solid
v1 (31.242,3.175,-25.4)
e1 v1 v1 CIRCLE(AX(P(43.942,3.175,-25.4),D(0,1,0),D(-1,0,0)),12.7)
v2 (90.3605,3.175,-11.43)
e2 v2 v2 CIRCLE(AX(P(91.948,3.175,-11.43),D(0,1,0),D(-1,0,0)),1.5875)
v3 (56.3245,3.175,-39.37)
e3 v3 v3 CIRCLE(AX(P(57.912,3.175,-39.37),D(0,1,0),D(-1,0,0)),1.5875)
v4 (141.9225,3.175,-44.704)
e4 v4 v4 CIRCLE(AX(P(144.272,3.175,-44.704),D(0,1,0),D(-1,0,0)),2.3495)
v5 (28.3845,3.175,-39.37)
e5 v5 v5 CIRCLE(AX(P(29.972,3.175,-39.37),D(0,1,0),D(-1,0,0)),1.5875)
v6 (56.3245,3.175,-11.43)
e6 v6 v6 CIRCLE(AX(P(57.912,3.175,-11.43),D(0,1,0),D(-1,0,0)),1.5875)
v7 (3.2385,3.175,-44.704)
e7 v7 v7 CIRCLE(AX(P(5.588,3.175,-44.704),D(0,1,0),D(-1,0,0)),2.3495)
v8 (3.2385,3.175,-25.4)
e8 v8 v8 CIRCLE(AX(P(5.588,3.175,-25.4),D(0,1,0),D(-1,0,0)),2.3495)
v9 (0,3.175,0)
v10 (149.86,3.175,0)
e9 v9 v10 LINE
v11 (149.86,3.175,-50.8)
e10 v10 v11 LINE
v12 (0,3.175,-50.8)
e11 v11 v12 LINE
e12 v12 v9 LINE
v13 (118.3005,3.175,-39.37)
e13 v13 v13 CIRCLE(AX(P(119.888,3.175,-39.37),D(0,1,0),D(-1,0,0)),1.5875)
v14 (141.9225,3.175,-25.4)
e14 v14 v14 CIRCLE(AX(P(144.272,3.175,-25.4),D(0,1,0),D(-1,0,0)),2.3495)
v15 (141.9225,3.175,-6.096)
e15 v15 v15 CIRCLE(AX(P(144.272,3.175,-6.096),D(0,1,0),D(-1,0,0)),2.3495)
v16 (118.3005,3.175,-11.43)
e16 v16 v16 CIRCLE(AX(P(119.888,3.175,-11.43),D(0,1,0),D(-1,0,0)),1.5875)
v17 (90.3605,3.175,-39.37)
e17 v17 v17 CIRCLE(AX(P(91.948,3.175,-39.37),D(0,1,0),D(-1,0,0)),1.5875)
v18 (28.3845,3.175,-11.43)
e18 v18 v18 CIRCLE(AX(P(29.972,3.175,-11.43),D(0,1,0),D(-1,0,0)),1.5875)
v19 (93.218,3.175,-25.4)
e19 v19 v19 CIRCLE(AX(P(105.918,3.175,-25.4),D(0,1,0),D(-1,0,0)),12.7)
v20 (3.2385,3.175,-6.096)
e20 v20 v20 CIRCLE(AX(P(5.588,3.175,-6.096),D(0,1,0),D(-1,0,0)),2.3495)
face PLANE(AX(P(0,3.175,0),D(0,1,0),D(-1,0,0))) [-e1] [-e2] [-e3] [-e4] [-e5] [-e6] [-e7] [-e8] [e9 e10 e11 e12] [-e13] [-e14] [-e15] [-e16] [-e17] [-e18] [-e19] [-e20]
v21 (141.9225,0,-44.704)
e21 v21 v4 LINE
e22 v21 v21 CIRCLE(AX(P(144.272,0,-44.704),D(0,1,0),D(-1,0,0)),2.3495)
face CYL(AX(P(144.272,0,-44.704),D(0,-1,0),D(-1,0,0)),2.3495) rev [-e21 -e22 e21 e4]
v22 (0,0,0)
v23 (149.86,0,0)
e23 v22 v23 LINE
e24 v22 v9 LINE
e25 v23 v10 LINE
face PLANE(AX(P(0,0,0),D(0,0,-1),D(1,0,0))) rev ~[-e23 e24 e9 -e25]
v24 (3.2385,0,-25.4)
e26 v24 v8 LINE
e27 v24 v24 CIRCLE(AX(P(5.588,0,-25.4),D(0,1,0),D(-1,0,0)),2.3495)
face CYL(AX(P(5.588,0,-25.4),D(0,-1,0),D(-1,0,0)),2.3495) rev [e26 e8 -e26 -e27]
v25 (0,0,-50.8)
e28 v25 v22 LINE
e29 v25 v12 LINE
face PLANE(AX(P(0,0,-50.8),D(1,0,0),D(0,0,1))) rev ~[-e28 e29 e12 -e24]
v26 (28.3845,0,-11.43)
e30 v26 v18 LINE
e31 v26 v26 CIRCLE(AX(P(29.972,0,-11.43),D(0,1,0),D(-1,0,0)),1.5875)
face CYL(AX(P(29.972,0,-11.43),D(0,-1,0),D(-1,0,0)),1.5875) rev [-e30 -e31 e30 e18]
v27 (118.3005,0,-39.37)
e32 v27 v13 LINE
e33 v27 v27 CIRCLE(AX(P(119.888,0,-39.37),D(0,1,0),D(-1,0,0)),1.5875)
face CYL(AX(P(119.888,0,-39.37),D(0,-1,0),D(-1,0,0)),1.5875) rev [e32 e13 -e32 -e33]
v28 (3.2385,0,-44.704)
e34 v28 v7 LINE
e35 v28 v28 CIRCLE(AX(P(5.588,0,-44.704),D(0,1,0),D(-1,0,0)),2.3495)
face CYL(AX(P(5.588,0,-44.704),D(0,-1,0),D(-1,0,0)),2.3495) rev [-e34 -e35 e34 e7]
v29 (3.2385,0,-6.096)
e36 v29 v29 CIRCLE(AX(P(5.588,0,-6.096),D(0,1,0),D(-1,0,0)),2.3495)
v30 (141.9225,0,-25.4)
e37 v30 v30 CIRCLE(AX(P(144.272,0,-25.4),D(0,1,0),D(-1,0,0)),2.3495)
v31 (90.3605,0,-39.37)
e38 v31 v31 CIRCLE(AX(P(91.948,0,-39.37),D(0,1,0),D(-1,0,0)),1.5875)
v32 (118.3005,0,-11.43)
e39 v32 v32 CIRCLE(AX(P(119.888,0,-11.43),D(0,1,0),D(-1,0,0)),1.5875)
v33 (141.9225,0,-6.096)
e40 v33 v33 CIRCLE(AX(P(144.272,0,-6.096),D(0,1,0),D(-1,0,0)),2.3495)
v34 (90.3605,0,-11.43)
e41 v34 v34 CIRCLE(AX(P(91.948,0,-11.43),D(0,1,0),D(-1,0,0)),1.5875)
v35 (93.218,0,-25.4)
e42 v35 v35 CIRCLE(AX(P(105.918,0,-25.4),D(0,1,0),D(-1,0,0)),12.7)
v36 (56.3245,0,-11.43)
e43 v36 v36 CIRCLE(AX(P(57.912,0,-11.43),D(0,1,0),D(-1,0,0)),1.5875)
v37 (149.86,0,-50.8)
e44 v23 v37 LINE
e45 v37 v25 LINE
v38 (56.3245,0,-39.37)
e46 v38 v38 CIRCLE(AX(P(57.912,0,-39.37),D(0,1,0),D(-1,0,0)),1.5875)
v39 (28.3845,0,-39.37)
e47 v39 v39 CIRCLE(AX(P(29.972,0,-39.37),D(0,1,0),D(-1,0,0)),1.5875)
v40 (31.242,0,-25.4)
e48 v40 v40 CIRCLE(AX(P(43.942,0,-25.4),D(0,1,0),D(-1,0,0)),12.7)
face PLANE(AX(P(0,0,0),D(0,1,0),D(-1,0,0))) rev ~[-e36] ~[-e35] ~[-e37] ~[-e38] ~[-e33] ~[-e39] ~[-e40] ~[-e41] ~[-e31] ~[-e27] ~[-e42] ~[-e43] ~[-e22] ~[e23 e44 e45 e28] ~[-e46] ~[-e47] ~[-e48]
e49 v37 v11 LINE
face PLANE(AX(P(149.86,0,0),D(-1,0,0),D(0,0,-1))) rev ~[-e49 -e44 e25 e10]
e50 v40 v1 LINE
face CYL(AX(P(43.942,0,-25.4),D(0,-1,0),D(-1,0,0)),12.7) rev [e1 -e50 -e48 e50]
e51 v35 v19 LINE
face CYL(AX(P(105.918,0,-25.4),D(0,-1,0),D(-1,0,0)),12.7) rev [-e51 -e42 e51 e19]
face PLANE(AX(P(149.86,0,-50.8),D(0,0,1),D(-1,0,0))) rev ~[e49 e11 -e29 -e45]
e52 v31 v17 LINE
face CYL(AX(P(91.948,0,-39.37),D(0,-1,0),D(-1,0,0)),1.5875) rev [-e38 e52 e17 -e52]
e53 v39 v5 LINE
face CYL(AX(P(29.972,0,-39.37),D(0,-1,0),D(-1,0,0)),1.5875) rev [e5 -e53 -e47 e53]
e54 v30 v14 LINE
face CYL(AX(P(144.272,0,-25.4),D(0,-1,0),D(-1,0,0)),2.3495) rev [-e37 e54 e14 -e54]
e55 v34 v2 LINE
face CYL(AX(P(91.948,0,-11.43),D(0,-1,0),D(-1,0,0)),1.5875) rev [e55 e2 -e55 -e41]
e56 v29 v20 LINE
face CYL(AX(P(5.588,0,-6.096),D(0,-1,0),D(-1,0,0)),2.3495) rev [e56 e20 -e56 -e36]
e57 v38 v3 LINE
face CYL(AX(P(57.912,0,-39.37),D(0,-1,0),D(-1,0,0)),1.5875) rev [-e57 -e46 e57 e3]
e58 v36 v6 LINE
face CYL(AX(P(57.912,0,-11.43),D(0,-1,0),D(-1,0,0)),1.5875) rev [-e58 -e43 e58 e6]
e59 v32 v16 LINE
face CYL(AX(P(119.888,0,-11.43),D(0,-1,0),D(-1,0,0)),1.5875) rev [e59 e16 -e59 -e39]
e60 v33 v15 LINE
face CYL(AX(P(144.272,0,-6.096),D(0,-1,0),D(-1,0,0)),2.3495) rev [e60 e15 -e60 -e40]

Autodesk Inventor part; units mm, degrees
ref_plane "YZ Plane" through (0, 0, 0) normal (1, 0, 0) x (0, 1, 0)
ref_plane "XZ Plane" through (0, 0, 0) normal (0, 1, 0) x (-1, 0, 0)
ref_plane "XY Plane" through (0, 0, 0) normal (0, 0, 1) x (1, 0, 0)
sketch "Sketch1" plane through (0, 0, 0) normal (0, 1, 0) x (-1, 0, 0)
  line L0 (0, 0) -> (-149.86, 0)
  line L1 (-149.86, 0) -> (-149.86, -50.8)
  line L2 (-149.86, -50.8) -> (0, -50.8)
  line L3 (0, -50.8) -> (0, 0)
  circle A0 centre (-43.942, -25.4) radius 12.7
  circle A1 centre (-29.972, -39.37) radius 1.5875
  circle A2 centre (-57.912, -39.37) radius 1.5875
  circle A3 centre (-57.912, -11.43) radius 1.5875
  circle A4 centre (-29.972, -11.43) radius 1.5875
  line L4 (-74.93, -50.8) -> (-74.93, 0) construction
  circle A5 centre (-5.588, -44.704) radius 2.3495
  circle A6 centre (-5.588, -25.4) radius 2.3495
  circle A7 centre (-5.588, -6.096) radius 2.3495
  circle A8 centre (-105.918, -25.4) radius 12.7
  circle A9 centre (-119.888, -39.37) radius 1.5875
  circle A10 centre (-91.948, -39.37) radius 1.5875
  circle A11 centre (-91.948, -11.43) radius 1.5875
  circle A12 centre (-119.888, -11.43) radius 1.5875
  circle A13 centre (-144.272, -44.704) radius 2.3495
  circle A14 centre (-144.272, -25.4) radius 2.3495
  circle A15 centre (-144.272, -6.096) radius 2.3495
  point P0 (-74.93, -25.4)
  dimension "d0" = 149.86
  dimension "d1" = 50.8
  dimension "d2" = 30.988
  dimension "d3" = 25.4
  dimension "d4" = 25.4
  dimension "d5" = 13.97
  dimension "d6" = 13.97
  dimension "d7" = 13.97
  dimension "d8" = 13.97
  dimension "d9" = 13.97
  dimension "d10" = 13.97
  dimension "d11" = 13.97
  dimension "d12" = 13.97
  dimension "d13" = 3.175
  dimension "d14" = 3.175
  dimension "d15" = 3.175
  dimension "d16" = 3.175
  dimension "d17" = 5.588
  dimension "d18" = 6.096
  dimension "d19" = 5.588
  dimension "d20" = 25.4
  dimension "d21" = 6.096
  dimension "d22" = 5.588
  dimension "d23" = 4.699
  dimension "d24" = 4.699
  dimension "d25" = 4.699
extrude "Extrusion1" add sketch "Sketch1" along normal blind 3.175
properties part number "3D Camera Mount 3"
